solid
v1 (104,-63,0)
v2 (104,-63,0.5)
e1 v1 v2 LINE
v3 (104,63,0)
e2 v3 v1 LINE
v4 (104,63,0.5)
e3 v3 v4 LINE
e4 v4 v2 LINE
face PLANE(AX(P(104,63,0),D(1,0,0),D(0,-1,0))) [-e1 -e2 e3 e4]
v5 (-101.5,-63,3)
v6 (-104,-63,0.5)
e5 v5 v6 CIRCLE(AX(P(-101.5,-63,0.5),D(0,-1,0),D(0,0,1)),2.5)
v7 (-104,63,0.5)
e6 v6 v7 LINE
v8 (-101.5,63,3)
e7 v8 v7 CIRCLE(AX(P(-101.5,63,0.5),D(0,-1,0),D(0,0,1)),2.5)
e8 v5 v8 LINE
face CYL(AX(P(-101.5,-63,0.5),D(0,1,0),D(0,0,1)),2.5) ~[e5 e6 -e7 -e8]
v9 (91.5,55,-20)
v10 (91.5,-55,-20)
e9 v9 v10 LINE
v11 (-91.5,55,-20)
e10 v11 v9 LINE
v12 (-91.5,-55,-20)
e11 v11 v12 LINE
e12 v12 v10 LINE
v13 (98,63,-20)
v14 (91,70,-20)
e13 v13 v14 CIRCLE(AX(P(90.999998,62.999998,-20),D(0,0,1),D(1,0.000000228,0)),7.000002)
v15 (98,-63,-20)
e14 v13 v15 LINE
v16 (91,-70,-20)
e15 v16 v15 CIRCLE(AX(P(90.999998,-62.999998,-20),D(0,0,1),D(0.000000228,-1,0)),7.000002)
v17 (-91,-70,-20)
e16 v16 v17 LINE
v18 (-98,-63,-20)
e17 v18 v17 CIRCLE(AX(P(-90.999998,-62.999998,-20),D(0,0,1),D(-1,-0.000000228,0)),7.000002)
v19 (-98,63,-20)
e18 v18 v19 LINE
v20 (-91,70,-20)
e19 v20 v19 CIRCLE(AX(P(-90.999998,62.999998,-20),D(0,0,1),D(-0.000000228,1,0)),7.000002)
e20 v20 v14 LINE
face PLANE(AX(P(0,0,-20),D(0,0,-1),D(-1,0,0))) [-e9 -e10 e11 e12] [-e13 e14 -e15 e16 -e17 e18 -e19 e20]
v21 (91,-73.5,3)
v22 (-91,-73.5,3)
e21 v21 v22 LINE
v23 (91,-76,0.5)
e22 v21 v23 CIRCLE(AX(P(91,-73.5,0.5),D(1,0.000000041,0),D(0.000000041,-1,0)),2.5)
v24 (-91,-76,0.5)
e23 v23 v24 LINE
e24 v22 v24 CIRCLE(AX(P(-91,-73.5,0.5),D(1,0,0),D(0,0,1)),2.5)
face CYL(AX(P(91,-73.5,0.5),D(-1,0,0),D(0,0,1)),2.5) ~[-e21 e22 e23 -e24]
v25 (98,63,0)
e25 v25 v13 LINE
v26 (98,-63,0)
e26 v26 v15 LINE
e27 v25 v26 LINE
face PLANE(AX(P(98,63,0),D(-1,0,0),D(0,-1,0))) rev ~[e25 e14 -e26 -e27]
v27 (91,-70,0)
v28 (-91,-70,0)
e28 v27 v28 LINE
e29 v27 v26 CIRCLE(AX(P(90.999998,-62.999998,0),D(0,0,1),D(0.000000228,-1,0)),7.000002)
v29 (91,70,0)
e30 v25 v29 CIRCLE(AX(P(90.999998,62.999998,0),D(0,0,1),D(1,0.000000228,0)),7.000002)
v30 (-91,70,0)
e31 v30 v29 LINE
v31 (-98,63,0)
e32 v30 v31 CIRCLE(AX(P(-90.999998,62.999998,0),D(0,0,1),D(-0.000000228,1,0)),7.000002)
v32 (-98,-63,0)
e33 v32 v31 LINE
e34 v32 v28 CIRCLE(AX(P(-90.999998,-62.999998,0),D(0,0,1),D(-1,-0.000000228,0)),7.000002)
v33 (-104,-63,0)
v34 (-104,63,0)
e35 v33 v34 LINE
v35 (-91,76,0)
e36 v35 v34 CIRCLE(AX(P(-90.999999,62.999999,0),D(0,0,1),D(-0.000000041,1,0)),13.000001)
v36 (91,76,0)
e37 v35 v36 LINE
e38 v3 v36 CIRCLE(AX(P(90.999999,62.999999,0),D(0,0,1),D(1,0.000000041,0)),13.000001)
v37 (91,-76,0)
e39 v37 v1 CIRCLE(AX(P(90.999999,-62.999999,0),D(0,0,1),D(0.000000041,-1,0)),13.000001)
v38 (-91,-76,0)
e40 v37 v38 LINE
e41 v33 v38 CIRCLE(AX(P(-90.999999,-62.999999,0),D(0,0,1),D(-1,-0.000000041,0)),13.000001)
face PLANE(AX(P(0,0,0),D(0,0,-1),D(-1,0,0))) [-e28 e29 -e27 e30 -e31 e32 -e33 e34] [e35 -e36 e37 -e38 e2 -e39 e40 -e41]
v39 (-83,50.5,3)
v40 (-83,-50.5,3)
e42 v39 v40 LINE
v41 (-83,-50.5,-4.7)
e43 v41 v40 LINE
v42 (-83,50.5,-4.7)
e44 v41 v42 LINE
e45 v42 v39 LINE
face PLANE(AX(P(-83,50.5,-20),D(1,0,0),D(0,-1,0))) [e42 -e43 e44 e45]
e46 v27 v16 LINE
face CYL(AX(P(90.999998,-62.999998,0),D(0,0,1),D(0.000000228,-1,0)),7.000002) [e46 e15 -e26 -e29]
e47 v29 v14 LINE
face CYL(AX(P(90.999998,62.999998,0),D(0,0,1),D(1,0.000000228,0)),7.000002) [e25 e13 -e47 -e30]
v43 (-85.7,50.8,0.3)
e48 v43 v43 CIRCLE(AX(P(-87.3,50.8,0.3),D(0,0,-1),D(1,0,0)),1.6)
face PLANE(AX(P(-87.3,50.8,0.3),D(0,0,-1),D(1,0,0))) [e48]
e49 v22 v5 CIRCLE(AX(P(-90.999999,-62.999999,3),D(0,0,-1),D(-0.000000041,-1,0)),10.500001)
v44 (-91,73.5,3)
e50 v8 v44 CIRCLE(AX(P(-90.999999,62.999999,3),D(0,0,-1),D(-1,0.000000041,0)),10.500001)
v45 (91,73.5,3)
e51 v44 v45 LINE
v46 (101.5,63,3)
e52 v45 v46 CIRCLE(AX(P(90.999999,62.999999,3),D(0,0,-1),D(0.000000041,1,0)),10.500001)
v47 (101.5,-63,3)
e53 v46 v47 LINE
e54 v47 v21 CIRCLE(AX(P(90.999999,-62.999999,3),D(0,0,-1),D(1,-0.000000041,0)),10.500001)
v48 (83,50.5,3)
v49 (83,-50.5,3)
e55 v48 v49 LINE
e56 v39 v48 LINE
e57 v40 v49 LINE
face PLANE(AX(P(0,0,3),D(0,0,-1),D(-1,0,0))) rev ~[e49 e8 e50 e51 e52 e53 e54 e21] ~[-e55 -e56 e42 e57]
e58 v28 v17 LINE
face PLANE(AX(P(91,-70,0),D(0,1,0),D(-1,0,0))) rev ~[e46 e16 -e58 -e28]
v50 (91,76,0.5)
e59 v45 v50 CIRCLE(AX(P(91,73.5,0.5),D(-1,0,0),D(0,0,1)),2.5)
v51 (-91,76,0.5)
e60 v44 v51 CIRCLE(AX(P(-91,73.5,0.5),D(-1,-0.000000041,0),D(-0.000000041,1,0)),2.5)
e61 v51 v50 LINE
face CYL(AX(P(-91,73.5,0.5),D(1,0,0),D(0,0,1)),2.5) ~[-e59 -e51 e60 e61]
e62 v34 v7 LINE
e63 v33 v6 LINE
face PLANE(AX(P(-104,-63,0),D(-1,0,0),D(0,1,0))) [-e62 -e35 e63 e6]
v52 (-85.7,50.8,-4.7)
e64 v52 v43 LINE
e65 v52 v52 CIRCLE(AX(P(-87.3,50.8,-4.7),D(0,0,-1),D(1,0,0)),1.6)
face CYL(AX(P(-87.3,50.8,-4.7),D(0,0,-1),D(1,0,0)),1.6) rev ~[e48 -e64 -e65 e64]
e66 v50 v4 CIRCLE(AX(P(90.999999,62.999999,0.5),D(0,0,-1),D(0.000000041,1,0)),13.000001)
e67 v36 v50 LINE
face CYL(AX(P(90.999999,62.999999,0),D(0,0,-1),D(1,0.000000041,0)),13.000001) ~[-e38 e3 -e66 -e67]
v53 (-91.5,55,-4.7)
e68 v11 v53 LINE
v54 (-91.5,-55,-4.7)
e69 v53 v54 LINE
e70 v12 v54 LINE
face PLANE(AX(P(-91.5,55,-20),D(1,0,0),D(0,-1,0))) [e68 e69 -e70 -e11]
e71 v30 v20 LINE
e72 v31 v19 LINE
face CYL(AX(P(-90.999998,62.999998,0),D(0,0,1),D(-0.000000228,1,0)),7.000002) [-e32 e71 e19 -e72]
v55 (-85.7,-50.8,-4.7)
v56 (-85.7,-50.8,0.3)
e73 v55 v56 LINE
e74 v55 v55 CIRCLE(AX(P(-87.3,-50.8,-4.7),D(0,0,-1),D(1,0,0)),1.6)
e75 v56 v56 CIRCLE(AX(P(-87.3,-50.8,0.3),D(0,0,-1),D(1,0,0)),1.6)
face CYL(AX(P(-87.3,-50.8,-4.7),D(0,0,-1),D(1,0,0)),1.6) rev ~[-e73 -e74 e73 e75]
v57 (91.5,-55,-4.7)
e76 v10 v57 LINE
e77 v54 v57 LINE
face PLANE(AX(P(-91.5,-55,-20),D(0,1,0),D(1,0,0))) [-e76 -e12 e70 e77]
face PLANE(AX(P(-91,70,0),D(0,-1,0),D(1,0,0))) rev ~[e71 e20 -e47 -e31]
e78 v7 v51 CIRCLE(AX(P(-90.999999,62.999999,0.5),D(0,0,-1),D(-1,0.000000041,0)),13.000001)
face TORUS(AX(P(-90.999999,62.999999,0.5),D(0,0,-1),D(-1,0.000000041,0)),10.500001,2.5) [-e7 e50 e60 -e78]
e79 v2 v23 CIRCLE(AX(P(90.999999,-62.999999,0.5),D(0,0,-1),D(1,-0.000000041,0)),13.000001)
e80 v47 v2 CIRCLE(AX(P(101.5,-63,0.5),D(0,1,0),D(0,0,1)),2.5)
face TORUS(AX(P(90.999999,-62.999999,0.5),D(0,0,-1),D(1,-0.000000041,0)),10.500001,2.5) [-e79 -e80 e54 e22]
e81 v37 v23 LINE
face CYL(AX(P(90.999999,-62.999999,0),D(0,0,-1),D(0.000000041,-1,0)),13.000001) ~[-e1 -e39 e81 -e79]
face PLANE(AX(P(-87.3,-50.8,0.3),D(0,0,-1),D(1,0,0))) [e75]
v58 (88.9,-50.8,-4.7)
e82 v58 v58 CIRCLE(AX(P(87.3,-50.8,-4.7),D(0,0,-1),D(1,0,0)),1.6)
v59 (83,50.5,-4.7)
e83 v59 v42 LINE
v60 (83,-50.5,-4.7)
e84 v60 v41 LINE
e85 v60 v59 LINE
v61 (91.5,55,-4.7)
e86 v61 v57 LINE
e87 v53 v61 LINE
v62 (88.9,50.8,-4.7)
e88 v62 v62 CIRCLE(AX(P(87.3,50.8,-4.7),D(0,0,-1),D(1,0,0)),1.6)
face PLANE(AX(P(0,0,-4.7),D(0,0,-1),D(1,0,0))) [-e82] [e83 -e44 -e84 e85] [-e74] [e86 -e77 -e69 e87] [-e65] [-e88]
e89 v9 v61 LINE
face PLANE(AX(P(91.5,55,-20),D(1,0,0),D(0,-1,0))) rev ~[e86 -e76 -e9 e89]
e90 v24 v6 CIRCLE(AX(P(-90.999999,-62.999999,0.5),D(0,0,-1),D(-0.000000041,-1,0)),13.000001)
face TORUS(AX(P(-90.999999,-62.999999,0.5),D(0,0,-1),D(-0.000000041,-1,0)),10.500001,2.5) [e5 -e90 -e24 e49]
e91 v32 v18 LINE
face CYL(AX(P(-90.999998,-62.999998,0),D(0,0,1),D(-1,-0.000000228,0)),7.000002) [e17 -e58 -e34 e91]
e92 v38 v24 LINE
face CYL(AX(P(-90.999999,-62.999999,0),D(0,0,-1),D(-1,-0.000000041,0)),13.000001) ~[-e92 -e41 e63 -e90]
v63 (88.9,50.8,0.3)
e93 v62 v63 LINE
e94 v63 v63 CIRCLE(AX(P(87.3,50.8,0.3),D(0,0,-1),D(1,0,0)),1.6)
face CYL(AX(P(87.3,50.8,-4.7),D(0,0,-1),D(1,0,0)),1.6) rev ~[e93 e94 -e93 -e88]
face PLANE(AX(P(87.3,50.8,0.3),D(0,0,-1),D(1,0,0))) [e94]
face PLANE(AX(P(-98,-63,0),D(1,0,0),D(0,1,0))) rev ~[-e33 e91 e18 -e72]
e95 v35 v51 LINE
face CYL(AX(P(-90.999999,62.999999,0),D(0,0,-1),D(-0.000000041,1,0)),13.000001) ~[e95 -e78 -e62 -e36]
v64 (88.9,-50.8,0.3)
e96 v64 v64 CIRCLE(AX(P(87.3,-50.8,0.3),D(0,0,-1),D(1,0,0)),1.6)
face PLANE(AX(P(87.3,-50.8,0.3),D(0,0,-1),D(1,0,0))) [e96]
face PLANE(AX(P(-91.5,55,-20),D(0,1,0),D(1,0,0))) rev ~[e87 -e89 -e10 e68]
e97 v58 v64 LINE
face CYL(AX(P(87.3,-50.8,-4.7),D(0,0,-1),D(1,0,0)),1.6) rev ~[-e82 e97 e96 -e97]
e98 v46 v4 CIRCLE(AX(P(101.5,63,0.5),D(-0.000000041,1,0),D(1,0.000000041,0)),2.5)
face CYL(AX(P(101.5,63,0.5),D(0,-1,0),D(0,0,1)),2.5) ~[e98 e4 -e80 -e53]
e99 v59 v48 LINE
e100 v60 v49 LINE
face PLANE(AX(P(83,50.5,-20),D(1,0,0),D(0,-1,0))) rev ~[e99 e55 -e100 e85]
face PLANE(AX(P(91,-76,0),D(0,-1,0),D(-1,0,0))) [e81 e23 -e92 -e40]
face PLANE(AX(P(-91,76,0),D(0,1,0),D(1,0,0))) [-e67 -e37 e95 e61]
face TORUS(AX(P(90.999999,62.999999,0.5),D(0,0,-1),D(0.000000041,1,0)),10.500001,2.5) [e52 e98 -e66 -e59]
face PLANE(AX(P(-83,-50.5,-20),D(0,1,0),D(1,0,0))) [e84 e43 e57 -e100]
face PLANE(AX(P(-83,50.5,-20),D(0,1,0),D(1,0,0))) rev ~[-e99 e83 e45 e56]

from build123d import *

# Parameters (mm, degrees)
PAD001_DEPTH    = 3
PAD002_DEPTH    = 20
FILLET_R        = 2.5
SKETCH005_W     = 166
SKETCH005_H     = 101
POCKET001_DEPTH = 23.001
SKETCH006_W     = 183
SKETCH006_H     = 110
POCKET002_DEPTH = 15.3
SKETCH007_R     = 1.6
POCKET003_DEPTH = 5


with BuildPart() as part:
    # Sketch002 → Pad001 (new body)
    with BuildSketch(Plane.XY):
        with BuildLine():
            Line((-91, 76), (91, 76))
            ThreePointArc((104, 63), (100.192388, 72.192388), (91, 76))
            Line((104, 63), (104, -63))
            ThreePointArc((91, -76), (100.192388, -72.192388), (104, -63))
            Line((91, -76), (-91, -76))
            ThreePointArc((-104, -63), (-100.192388, -72.192388), (-91, -76))
            Line((-104, -63), (-104, 63))
            ThreePointArc((-91, 76), (-100.192388, 72.192388), (-104, 63))
        make_face()
    extrude(amount=PAD001_DEPTH)

    # Sketch004 → Pad002 (join)
    with BuildSketch(Plane.XY):
        with BuildLine():
            Line((-91, 70), (91, 70))
            ThreePointArc((98, 63), (95.949747, 67.949747), (91, 70))
            Line((98, 63), (98, -63))
            ThreePointArc((91, -70), (95.949747, -67.949747), (98, -63))
            Line((91, -70), (-91, -70))
            ThreePointArc((-98, -63), (-95.949747, -67.949747), (-91, -70))
            Line((-98, -63), (-98, 63))
            ThreePointArc((-91, 70), (-95.949747, 67.949747), (-98, 63))
        make_face()
    extrude(amount=-PAD002_DEPTH)

    # Fillet
    fillet_edges = [part.edges().sort_by_distance(p)[0] for p in [
        (-104, 0, 3),
        (-100.192388, 72.192388, 3),
        (0, 76, 3),
        (100.192388, 72.192388, 3),
        (104, 0, 3),
        (100.192388, -72.192388, 3),
        (0, -76, 3),
        (-100.192388, -72.192388, 3),
    ]]
    fillet(fillet_edges, radius=FILLET_R)

    # Sketch005 (on Face19 of Pad002) → Pocket001 (cut, through all)
    with BuildSketch(Plane(origin=(0, 0, -20), x_dir=(1, 0, 0), z_dir=(0, 0, -1))):
        Rectangle(SKETCH005_W, SKETCH005_H)
    extrude(amount=-POCKET001_DEPTH, mode=Mode.SUBTRACT)

    # Sketch006 (on Face31 of Pocket001) → Pocket002 (cut)
    with BuildSketch(Plane(origin=(0, 0, -20), x_dir=(1, 0, 0), z_dir=(0, 0, -1))):
        Rectangle(SKETCH006_W, SKETCH006_H)
    extrude(amount=-POCKET002_DEPTH, mode=Mode.SUBTRACT)

    # Sketch007 (on Face32 of Pocket002) → Pocket003 (cut)
    with BuildSketch(Plane(origin=(0, 0, -4.7), x_dir=(1, 0, 0), z_dir=(0, 0, -1))):
        with Locations((-87.3, 50.8)):
            Circle(SKETCH007_R)
        with Locations((87.3, 50.8)):
            Circle(SKETCH007_R)
        with Locations((87.3, -50.8)):
            Circle(SKETCH007_R)
        with Locations((-87.3, -50.8)):
            Circle(SKETCH007_R)
    extrude(amount=-POCKET003_DEPTH, mode=Mode.SUBTRACT)


solid = part.part
